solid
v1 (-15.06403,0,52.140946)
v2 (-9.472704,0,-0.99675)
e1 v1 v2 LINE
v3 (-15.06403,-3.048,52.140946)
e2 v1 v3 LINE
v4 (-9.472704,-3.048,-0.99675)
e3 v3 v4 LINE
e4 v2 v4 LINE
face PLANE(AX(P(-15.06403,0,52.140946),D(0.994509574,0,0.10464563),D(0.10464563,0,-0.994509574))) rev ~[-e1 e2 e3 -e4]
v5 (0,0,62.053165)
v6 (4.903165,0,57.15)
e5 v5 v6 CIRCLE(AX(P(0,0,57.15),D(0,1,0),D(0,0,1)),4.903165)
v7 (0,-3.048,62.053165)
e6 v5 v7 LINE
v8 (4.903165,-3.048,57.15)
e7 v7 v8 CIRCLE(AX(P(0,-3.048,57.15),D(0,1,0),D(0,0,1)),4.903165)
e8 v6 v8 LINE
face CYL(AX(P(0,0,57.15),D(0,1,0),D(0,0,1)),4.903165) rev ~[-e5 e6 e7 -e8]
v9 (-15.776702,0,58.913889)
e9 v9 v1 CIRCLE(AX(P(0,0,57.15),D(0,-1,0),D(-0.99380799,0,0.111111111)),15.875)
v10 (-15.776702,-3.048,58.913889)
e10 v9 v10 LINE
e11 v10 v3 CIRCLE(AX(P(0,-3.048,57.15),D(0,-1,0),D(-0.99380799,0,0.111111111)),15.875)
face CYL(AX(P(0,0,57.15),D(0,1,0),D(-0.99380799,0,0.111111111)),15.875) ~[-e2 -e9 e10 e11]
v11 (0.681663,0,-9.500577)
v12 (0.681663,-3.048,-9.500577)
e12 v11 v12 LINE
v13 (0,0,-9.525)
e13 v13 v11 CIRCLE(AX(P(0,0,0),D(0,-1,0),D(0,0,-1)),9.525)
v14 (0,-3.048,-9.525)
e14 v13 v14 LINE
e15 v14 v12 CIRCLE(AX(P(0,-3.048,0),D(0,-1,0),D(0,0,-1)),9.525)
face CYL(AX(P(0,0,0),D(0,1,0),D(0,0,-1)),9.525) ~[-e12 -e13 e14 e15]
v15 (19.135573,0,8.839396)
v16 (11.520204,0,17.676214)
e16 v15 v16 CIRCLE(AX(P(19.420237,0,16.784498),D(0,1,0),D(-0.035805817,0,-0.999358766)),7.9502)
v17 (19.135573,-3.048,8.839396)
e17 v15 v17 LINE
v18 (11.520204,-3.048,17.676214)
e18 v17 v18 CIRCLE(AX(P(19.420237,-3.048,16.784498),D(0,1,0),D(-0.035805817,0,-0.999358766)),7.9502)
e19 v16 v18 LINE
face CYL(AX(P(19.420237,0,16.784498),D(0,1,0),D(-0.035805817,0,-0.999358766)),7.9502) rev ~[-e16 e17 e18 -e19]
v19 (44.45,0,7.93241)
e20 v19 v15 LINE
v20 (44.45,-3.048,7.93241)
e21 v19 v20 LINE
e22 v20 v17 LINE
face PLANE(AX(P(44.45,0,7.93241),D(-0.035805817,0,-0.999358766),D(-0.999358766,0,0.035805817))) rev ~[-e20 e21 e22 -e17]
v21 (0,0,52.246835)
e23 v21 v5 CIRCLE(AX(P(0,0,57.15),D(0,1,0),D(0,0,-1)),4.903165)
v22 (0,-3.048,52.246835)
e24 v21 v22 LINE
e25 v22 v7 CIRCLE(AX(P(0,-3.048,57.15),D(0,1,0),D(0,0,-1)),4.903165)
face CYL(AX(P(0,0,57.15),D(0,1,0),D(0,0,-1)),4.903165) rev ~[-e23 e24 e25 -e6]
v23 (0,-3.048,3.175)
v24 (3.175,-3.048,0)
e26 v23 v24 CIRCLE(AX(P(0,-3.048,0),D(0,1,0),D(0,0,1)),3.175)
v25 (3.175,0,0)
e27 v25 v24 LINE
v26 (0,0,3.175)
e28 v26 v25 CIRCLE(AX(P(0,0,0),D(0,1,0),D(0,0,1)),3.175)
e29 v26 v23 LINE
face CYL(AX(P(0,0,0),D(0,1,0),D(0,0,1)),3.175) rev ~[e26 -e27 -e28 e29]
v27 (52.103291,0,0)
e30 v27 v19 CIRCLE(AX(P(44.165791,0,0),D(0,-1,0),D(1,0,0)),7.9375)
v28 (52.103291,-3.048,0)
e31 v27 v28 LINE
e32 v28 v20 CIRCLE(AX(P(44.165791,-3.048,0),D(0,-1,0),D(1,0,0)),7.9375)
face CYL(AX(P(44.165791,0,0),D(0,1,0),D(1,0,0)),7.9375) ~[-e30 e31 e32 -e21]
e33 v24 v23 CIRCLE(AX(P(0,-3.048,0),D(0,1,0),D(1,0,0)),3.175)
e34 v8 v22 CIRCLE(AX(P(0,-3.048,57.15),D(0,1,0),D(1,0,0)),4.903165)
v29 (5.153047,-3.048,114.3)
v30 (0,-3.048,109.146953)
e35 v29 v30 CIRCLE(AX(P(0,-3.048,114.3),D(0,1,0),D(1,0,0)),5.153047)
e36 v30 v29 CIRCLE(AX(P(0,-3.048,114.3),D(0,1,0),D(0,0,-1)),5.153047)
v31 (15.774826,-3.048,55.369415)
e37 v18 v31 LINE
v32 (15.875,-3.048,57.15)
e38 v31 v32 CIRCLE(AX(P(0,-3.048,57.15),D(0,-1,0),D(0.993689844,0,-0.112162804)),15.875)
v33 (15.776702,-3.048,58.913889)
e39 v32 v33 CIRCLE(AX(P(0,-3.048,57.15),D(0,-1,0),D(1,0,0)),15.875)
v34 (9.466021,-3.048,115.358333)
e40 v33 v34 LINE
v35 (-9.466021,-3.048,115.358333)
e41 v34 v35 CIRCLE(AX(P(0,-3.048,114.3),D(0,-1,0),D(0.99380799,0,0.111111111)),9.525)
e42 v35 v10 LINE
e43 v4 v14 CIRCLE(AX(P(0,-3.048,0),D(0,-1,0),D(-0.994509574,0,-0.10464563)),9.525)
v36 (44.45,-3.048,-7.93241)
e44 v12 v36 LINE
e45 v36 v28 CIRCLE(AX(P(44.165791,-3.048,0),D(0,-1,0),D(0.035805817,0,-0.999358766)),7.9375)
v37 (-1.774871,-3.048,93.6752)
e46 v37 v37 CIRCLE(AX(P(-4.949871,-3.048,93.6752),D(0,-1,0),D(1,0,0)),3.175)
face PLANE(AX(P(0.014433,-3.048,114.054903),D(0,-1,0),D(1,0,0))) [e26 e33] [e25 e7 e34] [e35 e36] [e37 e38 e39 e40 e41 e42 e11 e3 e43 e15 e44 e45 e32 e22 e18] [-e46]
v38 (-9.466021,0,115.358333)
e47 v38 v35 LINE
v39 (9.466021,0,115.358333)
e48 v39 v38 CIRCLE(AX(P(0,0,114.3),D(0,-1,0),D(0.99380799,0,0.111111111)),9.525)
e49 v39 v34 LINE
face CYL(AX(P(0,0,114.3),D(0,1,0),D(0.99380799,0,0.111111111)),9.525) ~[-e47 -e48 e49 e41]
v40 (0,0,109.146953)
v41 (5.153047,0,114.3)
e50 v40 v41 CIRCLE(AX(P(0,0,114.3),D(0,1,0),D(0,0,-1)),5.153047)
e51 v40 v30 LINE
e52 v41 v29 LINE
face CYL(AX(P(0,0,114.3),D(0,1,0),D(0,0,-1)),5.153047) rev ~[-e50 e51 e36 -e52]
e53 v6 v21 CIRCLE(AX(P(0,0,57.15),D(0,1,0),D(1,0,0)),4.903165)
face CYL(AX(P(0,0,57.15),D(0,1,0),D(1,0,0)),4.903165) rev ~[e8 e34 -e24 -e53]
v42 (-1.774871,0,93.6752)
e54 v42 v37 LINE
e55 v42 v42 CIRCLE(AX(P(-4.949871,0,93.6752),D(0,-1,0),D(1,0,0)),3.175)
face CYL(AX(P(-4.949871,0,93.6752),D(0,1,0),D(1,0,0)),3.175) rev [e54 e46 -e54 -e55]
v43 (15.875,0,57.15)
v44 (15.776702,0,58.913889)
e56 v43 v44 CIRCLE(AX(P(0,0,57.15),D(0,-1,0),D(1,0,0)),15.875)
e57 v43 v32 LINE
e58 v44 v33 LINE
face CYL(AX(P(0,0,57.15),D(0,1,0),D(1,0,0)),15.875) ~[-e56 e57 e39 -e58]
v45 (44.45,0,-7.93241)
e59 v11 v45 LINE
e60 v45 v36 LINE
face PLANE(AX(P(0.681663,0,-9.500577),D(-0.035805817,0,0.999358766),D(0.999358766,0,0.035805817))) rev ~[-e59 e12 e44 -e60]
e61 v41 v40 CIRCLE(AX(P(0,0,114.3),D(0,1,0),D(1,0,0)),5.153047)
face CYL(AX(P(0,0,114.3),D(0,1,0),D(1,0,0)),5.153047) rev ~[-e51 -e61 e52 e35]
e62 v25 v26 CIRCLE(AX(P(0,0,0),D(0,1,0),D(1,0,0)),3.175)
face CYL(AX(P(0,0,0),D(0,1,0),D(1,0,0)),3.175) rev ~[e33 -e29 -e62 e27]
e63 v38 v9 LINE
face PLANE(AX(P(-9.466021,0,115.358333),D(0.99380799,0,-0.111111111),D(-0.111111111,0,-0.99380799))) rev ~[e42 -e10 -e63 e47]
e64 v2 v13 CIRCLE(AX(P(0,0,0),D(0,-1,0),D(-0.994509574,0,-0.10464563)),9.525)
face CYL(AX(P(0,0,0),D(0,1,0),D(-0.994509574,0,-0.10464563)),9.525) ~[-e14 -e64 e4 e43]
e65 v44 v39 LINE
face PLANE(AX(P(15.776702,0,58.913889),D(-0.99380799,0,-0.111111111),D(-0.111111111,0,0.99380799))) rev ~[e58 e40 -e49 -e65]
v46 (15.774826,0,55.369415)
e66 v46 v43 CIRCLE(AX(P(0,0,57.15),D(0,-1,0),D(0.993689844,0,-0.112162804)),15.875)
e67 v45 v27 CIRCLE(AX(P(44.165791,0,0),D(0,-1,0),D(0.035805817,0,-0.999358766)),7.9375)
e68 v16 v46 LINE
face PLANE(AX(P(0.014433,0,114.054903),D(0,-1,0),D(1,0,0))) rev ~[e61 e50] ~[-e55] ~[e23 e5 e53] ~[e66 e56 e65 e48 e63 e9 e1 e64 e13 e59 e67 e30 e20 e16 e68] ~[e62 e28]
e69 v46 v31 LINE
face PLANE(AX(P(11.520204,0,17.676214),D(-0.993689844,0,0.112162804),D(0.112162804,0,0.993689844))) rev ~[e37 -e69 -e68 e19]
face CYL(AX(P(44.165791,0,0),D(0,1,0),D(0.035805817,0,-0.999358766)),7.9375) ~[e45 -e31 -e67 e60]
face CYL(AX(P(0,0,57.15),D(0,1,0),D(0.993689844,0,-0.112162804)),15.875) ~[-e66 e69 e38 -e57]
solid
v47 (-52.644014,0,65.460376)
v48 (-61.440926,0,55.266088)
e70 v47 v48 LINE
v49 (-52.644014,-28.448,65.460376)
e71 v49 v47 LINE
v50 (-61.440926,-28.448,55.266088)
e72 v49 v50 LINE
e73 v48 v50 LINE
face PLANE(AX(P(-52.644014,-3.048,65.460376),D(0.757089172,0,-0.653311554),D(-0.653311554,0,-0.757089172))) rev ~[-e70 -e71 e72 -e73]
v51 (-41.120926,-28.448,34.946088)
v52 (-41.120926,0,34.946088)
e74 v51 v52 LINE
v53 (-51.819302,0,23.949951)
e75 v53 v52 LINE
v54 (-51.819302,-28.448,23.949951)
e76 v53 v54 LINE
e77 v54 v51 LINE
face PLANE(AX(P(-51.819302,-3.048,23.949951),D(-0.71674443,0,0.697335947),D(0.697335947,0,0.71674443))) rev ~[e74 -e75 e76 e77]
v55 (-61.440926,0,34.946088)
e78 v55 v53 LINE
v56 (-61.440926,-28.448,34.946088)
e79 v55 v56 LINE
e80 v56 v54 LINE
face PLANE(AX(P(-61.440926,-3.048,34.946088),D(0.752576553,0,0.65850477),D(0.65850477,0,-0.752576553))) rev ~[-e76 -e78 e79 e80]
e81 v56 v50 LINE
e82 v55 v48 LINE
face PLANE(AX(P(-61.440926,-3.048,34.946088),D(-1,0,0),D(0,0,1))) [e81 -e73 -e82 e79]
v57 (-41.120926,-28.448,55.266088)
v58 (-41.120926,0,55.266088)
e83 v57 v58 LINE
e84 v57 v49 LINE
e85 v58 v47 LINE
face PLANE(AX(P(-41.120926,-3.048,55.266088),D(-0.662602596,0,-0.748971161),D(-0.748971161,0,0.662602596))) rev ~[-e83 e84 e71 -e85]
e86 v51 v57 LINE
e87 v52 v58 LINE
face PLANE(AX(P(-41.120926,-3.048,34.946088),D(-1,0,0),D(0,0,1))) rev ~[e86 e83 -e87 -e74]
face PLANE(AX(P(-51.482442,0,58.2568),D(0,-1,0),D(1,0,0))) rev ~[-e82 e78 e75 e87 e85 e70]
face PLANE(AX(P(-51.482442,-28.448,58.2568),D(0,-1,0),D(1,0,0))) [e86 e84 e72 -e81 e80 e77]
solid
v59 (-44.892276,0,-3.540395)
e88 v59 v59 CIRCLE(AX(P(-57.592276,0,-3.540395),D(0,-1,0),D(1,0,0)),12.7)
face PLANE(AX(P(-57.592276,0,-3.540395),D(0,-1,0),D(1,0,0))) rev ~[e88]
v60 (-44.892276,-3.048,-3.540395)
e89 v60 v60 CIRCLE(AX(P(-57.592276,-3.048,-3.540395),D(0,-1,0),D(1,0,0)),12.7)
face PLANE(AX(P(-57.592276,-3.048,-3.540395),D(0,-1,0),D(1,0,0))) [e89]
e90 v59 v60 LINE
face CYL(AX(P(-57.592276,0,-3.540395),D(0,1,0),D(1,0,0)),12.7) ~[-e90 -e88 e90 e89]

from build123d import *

# Parameters (mm, degrees)
F0_R     = 3.175
F1_DEPTH = 3.048
F0_W     = 20.32
F0_H     = 20.32
F0_R_2   = 12.7
F2_DEPTH = 25.4


with BuildPart() as f1:
    # F0 (on Front) → F1 (new body)
    with BuildSketch(Plane.XZ):
        with BuildLine():
            ThreePointArc((-9.4660211047, 115.3583333333), (-7.0995158286, 107.95), (0, 104.775))
            ThreePointArc((0, 104.775), (6.7351920908, 107.5648079092), (9.525, 114.3))
            ThreePointArc((9.525, 114.3), (9.5102438461, 114.829987725), (9.4660211047, 115.3583333333))
            ThreePointArc((9.4660211047, 115.3583333333), (0, 123.825), (-9.4660211047, 115.3583333333))
        make_face()
        with BuildLine():
            ThreePointArc((5.1530471268, 114.3), (3.6437545671, 110.6562454329), (0, 109.1469528732))
            ThreePointArc((0, 109.1469528732), (-3.6437545671, 117.9437545671), (5.1530471268, 114.3))
        make_face(mode=Mode.SUBTRACT)
        with BuildLine():
            ThreePointArc((9.525, 114.3), (6.7351920908, 107.5648079092), (0, 104.775))
            Line((0, 104.775), (0, 73.025))
            ThreePointArc((0, 73.025), (10.5833333333, 68.9825263809), (15.7767018412, 58.9138888889))
            Line((15.7767018412, 58.9138888889), (9.4660211047, 115.3583333333))
            ThreePointArc((9.4660211047, 115.3583333333), (9.5102438461, 114.829987725), (9.525, 114.3))
        make_face()
        with BuildLine():
            Line((0, 73.025), (0, 104.775))
            ThreePointArc((0, 104.775), (-7.0995158286, 107.95), (-9.4660211047, 115.3583333333))
            Line((-9.4660211047, 115.3583333333), (-15.7767018412, 58.9138888889))
            ThreePointArc((-15.7767018412, 58.9138888889), (-10.5833333333, 68.9825263809), (0, 73.025))
        make_face()
        with Locations((-4.9498714507, 93.6752)):
            Circle(F0_R, mode=Mode.SUBTRACT)
        with BuildLine():
            ThreePointArc((15.7767018412, 58.9138888889), (10.5833333333, 68.9825263809), (0, 73.025))
            Line((0, 73.025), (0, 62.0531648727))
            ThreePointArc((0, 62.0531648727), (3.4670611307, 60.6170611307), (4.9031648727, 57.15))
            ThreePointArc((4.9031648727, 57.15), (3.4670611307, 53.6829388693), (0, 52.2468351273))
            Line((0, 52.2468351273), (0, 41.275))
            ThreePointArc((0, 41.275), (10.5770706221, 45.3118750617), (15.7748262685, 55.3694154892))
            ThreePointArc((15.7748262685, 55.3694154892), (15.8499367824, 56.2582999416), (15.875, 57.15))
            ThreePointArc((15.875, 57.15), (15.8504064101, 58.033312875), (15.7767018412, 58.9138888889))
        make_face()
        with BuildLine():
            Line((0, 62.0531648727), (0, 73.025))
            ThreePointArc((0, 73.025), (-10.5833333333, 68.9825263809), (-15.7767018412, 58.9138888889))
            Line((-15.7767018412, 58.9138888889), (-15.0640300879, 52.1409459466))
            ThreePointArc((-15.0640300879, 52.1409459466), (-9.287004143, 44.2749396487), (0, 41.275))
            Line((0, 41.275), (0, 52.2468351273))
            ThreePointArc((0, 52.2468351273), (-4.9031648727, 57.15), (0, 62.0531648727))
        make_face()
        with BuildLine():
            Line((-15.0640300879, 52.1409459466), (-15.7767018412, 58.9138888889))
            ThreePointArc((-15.7767018412, 58.9138888889), (-15.7878394819, 55.4887506228), (-15.0640300879, 52.1409459466))
        make_face()
        with BuildLine():
            ThreePointArc((0, 41.275), (-9.287004143, 44.2749396487), (-15.0640300879, 52.1409459466))
            Line((-15.0640300879, 52.1409459466), (-9.4727036892, -0.9967496263))
            ThreePointArc((-9.4727036892, -0.9967496263), (-7.0788298889, 6.3730520479), (0, 9.525))
            Line((0, 9.525), (0, 41.275))
        make_face()
        with BuildLine():
            ThreePointArc((15.7748262685, 55.3694154892), (10.5770706221, 45.3118750617), (0, 41.275))
            Line((0, 41.275), (0, 9.525))
            ThreePointArc((0, 9.525), (6.7351920908, 6.7351920908), (9.525, 0))
            ThreePointArc((9.525, 0), (6.9720323139, -6.4897142013), (0.6816634301, -9.5005768229))
            Line((0.6816634301, -9.5005768229), (44.45, -7.9324102062))
            ThreePointArc((44.45, -7.9324102062), (36.2282913266, 0), (44.45, 7.9324102062))
            Line((44.45, 7.9324102062), (19.1355733941, 8.8393955256))
            ThreePointArc((19.1355733941, 8.8393955256), (13.3978074442, 11.5945048447), (11.5202038062, 17.6762143112))
            Line((11.5202038062, 17.6762143112), (15.7748262685, 55.3694154892))
        make_face()
        with BuildLine():
            ThreePointArc((0, 9.525), (-7.0788298889, 6.3730520479), (-9.4727036892, -0.9967496263))
            ThreePointArc((-9.4727036892, -0.9967496263), (-6.3730520479, -7.0788298889), (0, -9.525))
            Line((0, -9.525), (0.6816634301, -9.5005768229))
            ThreePointArc((0.6816634301, -9.5005768229), (6.9720323139, -6.4897142013), (9.525, 0))
            ThreePointArc((9.525, 0), (6.7351920908, 6.7351920908), (0, 9.525))
        make_face()
        with BuildLine():
            ThreePointArc((3.175, 0), (-2.2450640303, -2.2450640303), (0, 3.175))
            ThreePointArc((0, 3.175), (2.2450640303, 2.2450640303), (3.175, 0))
        make_face(mode=Mode.SUBTRACT)
        with BuildLine():
            Line((0.6816634301, -9.5005768229), (0, -9.525))
            ThreePointArc((0, -9.525), (0.3410504081, -9.5188922475), (0.6816634301, -9.5005768229))
        make_face()
        with BuildLine():
            ThreePointArc((52.1032913266, 0), (49.8780506254, 5.5112611943), (44.45, 7.9324102062))
            ThreePointArc((44.45, 7.9324102062), (36.2282913266, 0), (44.45, -7.9324102062))
            ThreePointArc((44.45, -7.9324102062), (49.8780506254, -5.5112611943), (52.1032913266, 0))
        make_face()
    extrude(amount=F1_DEPTH)


with BuildPart() as f1b:
    # F0 (on Front) → F1, piece 2 (new body)
    with BuildSketch(Plane.XZ):
        Polygon((-52.6440143585, 65.4603764415), (-61.4409260452, 55.2660877478), (-41.1209260452, 55.2660877478), align=None)
        with Locations((-51.2809260452, 45.1060877478)):
            Rectangle(F0_W, F0_H)
        Polygon((-41.1209260452, 34.9460877478), (-61.4409260452, 34.9460877478), (-51.8193021417, 23.9499509335), align=None)
    extrude(amount=F1_DEPTH)

    # F2 (add): a face of the model
    f2_faces = [f1b.faces().sort_by_distance(p)[0] for p in [
        (-51.3877546431, -3.048, 44.8827250411),
    ]]
    extrude(f2_faces, amount=F2_DEPTH)


with BuildPart() as f1c:
    # F0 (on Front) → F1, piece 3 (new body)
    with BuildSketch(Plane.XZ):
        with Locations((-57.5922764838, -3.5403952934)):
            Circle(F0_R_2)
    extrude(amount=F1_DEPTH)


solid = Compound([f1.part, f1b.part, f1c.part])
